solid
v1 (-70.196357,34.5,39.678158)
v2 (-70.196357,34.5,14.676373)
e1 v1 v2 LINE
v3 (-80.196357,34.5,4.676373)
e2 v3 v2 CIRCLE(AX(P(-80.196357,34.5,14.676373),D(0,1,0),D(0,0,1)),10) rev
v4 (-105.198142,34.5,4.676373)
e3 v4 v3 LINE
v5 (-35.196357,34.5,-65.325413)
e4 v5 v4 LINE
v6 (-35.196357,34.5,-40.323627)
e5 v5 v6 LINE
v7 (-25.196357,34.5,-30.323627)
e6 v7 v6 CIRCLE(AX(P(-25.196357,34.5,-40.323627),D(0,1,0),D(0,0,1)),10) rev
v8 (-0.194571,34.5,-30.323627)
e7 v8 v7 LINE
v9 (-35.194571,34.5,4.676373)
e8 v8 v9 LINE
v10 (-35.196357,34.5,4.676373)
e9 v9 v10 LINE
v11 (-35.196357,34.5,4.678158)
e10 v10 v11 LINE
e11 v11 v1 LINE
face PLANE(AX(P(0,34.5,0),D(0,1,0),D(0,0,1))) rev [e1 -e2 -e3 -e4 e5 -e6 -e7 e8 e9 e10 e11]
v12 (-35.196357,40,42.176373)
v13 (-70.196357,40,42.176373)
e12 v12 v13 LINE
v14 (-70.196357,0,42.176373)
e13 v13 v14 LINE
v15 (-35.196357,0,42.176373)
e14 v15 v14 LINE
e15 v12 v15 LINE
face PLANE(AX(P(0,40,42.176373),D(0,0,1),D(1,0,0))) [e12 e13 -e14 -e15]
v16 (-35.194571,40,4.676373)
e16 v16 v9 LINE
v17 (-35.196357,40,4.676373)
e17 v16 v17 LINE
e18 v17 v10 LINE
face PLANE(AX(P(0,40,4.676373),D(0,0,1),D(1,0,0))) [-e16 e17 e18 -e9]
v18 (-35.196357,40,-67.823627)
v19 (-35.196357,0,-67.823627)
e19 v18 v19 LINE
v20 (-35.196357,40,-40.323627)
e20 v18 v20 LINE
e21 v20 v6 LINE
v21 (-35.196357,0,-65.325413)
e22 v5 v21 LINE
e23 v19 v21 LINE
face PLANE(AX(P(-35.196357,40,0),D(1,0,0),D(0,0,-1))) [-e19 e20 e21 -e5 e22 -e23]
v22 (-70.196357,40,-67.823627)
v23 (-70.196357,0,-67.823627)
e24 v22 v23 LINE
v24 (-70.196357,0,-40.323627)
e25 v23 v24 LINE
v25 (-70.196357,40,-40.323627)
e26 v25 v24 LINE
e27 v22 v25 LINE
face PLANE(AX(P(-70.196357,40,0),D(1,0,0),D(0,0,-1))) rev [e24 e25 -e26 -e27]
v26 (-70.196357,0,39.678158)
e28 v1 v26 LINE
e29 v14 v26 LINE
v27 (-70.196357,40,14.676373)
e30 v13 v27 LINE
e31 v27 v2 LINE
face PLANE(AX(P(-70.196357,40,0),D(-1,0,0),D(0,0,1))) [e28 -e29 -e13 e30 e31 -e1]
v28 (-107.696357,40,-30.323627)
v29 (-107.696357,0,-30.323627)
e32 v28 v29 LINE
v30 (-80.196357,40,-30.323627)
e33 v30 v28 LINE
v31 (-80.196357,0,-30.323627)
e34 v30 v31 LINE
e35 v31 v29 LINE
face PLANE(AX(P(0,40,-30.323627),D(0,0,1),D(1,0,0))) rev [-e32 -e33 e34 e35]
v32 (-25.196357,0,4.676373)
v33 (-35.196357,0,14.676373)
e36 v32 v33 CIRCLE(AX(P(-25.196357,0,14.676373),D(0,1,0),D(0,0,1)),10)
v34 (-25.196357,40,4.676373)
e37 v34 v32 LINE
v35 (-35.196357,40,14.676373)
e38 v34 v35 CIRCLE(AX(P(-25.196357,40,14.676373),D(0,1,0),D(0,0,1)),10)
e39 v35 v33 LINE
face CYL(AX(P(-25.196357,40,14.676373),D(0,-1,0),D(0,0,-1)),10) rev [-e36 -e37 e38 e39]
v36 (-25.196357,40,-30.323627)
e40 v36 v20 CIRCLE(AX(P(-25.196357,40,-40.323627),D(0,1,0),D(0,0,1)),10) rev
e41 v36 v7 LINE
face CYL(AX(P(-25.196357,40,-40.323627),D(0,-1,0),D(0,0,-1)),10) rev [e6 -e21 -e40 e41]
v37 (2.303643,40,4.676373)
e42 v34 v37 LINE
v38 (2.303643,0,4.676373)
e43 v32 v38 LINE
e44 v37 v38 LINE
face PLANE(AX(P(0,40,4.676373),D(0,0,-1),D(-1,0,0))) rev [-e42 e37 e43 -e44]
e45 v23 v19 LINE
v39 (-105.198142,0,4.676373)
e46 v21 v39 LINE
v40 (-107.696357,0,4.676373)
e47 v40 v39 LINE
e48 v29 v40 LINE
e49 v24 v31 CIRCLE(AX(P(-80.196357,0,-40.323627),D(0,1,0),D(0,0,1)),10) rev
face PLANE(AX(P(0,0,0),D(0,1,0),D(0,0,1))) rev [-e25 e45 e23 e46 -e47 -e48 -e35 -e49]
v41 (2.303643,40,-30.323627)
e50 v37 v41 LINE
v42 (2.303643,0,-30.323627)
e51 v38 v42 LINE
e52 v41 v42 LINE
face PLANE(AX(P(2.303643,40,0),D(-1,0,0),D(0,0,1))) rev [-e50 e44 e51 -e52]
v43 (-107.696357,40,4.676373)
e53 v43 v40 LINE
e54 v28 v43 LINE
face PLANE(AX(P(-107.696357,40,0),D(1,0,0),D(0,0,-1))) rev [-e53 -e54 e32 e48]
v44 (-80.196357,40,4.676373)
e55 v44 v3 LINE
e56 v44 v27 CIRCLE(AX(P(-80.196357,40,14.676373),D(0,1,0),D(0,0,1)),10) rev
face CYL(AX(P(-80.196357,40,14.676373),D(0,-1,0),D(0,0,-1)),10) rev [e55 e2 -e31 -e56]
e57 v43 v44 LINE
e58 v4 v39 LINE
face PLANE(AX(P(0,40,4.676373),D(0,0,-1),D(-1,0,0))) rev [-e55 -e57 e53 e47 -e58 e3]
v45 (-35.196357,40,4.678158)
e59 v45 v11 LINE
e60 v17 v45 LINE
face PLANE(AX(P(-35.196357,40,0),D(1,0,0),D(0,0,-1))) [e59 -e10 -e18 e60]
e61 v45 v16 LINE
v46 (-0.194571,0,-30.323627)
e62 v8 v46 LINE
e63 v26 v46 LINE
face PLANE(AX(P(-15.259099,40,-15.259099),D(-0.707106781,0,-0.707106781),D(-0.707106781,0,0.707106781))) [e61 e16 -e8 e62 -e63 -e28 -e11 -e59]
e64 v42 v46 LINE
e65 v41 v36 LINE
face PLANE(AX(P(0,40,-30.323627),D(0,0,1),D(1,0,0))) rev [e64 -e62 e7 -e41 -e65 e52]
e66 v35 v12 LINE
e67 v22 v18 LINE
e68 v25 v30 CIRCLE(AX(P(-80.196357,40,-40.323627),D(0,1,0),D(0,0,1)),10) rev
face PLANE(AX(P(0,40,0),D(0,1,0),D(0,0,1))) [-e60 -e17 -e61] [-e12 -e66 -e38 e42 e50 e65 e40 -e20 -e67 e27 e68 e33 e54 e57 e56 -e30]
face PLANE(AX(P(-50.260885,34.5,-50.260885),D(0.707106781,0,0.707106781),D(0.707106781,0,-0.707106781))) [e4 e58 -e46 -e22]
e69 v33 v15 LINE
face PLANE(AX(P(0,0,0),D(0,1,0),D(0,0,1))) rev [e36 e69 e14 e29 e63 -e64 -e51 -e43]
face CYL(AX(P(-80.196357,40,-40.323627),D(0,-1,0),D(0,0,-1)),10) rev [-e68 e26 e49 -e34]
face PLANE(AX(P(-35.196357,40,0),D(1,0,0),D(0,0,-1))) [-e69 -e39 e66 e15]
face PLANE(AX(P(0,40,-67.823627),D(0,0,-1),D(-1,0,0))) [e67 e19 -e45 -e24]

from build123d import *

# Parameters (mm, degrees)
BOSS_EXTRUDE6_DEPTH = 40
CUT_EXTRUDE2_DEPTH  = 34.5


with BuildPart() as part:
    # Sketch1 → Boss-Extrude6 (new body)
    with BuildSketch(Plane(origin=(0, 0, 0), x_dir=(1, 0, 0), z_dir=(0, 1, 0))):
        with BuildLine():
            Line((-35.196356555, 67.823627432), (-70.196356555, 67.823627432))
            Line((-70.196356555, 67.823627432), (-70.196356555, 40.323627432))
            ThreePointArc((-70.196356555, 40.323627432), (-73.125288743, 33.25255962), (-80.196356555, 30.323627432))
            Line((-80.196356555, 30.323627432), (-107.696356555, 30.323627432))
            Line((-107.696356555, 30.323627432), (-107.696356555, -4.676372568))
            Line((-107.696356555, -4.676372568), (-80.196356555, -4.676372568))
            ThreePointArc((-80.196356555, -4.676372568), (-73.125288743, -7.605304756), (-70.196356555, -14.676372568))
            Line((-70.196356555, -14.676372568), (-70.196356555, -42.176372568))
            Line((-70.196356555, -42.176372568), (-35.196356555, -42.176372568))
            Line((-35.196356555, -42.176372568), (-35.196356555, -14.676372568))
            ThreePointArc((-35.196356555, -14.676372568), (-32.267424367, -7.605304756), (-25.196356555, -4.676372568))
            Line((-25.196356555, -4.676372568), (2.303643445, -4.676372568))
            Line((2.303643445, -4.676372568), (2.303643445, 30.323627432))
            Line((2.303643445, 30.323627432), (-25.196356555, 30.323627432))
            ThreePointArc((-25.196356555, 30.323627432), (-32.267424367, 33.25255962), (-35.196356555, 40.323627432))
            Line((-35.196356555, 40.323627432), (-35.196356555, 67.823627432))
        make_face()
        Polygon((-35.196356555, -4.676372568), (-35.194570886, -4.676372568), (-35.196356555, -4.678158237), align=None, mode=Mode.SUBTRACT)
    extrude(amount=BOSS_EXTRUDE6_DEPTH)

    # Sketch1<9> → Cut-Extrude2 (cut)
    with BuildSketch(Plane(origin=(0, 0, 0), x_dir=(1, 0, 0), z_dir=(0, 1, 0))):
        Polygon((-35.196356555, 50.831509755), (-35.196356555, 65.325413101), (-70.196356555, 30.325413101), (-105.198142224, -4.676372568), (-90.704238878, -4.676372568), (-70.196356555, -25.184254891), (-70.196356555, -39.678158237), (-35.196356555, -4.678158237), (-35.196356555, -4.676372568), (-35.194570886, -4.676372568), (-0.194570886, 30.323627432), (-14.688474232, 30.323627432), align=None)
    extrude(amount=CUT_EXTRUDE2_DEPTH, mode=Mode.SUBTRACT)


solid = part.part
